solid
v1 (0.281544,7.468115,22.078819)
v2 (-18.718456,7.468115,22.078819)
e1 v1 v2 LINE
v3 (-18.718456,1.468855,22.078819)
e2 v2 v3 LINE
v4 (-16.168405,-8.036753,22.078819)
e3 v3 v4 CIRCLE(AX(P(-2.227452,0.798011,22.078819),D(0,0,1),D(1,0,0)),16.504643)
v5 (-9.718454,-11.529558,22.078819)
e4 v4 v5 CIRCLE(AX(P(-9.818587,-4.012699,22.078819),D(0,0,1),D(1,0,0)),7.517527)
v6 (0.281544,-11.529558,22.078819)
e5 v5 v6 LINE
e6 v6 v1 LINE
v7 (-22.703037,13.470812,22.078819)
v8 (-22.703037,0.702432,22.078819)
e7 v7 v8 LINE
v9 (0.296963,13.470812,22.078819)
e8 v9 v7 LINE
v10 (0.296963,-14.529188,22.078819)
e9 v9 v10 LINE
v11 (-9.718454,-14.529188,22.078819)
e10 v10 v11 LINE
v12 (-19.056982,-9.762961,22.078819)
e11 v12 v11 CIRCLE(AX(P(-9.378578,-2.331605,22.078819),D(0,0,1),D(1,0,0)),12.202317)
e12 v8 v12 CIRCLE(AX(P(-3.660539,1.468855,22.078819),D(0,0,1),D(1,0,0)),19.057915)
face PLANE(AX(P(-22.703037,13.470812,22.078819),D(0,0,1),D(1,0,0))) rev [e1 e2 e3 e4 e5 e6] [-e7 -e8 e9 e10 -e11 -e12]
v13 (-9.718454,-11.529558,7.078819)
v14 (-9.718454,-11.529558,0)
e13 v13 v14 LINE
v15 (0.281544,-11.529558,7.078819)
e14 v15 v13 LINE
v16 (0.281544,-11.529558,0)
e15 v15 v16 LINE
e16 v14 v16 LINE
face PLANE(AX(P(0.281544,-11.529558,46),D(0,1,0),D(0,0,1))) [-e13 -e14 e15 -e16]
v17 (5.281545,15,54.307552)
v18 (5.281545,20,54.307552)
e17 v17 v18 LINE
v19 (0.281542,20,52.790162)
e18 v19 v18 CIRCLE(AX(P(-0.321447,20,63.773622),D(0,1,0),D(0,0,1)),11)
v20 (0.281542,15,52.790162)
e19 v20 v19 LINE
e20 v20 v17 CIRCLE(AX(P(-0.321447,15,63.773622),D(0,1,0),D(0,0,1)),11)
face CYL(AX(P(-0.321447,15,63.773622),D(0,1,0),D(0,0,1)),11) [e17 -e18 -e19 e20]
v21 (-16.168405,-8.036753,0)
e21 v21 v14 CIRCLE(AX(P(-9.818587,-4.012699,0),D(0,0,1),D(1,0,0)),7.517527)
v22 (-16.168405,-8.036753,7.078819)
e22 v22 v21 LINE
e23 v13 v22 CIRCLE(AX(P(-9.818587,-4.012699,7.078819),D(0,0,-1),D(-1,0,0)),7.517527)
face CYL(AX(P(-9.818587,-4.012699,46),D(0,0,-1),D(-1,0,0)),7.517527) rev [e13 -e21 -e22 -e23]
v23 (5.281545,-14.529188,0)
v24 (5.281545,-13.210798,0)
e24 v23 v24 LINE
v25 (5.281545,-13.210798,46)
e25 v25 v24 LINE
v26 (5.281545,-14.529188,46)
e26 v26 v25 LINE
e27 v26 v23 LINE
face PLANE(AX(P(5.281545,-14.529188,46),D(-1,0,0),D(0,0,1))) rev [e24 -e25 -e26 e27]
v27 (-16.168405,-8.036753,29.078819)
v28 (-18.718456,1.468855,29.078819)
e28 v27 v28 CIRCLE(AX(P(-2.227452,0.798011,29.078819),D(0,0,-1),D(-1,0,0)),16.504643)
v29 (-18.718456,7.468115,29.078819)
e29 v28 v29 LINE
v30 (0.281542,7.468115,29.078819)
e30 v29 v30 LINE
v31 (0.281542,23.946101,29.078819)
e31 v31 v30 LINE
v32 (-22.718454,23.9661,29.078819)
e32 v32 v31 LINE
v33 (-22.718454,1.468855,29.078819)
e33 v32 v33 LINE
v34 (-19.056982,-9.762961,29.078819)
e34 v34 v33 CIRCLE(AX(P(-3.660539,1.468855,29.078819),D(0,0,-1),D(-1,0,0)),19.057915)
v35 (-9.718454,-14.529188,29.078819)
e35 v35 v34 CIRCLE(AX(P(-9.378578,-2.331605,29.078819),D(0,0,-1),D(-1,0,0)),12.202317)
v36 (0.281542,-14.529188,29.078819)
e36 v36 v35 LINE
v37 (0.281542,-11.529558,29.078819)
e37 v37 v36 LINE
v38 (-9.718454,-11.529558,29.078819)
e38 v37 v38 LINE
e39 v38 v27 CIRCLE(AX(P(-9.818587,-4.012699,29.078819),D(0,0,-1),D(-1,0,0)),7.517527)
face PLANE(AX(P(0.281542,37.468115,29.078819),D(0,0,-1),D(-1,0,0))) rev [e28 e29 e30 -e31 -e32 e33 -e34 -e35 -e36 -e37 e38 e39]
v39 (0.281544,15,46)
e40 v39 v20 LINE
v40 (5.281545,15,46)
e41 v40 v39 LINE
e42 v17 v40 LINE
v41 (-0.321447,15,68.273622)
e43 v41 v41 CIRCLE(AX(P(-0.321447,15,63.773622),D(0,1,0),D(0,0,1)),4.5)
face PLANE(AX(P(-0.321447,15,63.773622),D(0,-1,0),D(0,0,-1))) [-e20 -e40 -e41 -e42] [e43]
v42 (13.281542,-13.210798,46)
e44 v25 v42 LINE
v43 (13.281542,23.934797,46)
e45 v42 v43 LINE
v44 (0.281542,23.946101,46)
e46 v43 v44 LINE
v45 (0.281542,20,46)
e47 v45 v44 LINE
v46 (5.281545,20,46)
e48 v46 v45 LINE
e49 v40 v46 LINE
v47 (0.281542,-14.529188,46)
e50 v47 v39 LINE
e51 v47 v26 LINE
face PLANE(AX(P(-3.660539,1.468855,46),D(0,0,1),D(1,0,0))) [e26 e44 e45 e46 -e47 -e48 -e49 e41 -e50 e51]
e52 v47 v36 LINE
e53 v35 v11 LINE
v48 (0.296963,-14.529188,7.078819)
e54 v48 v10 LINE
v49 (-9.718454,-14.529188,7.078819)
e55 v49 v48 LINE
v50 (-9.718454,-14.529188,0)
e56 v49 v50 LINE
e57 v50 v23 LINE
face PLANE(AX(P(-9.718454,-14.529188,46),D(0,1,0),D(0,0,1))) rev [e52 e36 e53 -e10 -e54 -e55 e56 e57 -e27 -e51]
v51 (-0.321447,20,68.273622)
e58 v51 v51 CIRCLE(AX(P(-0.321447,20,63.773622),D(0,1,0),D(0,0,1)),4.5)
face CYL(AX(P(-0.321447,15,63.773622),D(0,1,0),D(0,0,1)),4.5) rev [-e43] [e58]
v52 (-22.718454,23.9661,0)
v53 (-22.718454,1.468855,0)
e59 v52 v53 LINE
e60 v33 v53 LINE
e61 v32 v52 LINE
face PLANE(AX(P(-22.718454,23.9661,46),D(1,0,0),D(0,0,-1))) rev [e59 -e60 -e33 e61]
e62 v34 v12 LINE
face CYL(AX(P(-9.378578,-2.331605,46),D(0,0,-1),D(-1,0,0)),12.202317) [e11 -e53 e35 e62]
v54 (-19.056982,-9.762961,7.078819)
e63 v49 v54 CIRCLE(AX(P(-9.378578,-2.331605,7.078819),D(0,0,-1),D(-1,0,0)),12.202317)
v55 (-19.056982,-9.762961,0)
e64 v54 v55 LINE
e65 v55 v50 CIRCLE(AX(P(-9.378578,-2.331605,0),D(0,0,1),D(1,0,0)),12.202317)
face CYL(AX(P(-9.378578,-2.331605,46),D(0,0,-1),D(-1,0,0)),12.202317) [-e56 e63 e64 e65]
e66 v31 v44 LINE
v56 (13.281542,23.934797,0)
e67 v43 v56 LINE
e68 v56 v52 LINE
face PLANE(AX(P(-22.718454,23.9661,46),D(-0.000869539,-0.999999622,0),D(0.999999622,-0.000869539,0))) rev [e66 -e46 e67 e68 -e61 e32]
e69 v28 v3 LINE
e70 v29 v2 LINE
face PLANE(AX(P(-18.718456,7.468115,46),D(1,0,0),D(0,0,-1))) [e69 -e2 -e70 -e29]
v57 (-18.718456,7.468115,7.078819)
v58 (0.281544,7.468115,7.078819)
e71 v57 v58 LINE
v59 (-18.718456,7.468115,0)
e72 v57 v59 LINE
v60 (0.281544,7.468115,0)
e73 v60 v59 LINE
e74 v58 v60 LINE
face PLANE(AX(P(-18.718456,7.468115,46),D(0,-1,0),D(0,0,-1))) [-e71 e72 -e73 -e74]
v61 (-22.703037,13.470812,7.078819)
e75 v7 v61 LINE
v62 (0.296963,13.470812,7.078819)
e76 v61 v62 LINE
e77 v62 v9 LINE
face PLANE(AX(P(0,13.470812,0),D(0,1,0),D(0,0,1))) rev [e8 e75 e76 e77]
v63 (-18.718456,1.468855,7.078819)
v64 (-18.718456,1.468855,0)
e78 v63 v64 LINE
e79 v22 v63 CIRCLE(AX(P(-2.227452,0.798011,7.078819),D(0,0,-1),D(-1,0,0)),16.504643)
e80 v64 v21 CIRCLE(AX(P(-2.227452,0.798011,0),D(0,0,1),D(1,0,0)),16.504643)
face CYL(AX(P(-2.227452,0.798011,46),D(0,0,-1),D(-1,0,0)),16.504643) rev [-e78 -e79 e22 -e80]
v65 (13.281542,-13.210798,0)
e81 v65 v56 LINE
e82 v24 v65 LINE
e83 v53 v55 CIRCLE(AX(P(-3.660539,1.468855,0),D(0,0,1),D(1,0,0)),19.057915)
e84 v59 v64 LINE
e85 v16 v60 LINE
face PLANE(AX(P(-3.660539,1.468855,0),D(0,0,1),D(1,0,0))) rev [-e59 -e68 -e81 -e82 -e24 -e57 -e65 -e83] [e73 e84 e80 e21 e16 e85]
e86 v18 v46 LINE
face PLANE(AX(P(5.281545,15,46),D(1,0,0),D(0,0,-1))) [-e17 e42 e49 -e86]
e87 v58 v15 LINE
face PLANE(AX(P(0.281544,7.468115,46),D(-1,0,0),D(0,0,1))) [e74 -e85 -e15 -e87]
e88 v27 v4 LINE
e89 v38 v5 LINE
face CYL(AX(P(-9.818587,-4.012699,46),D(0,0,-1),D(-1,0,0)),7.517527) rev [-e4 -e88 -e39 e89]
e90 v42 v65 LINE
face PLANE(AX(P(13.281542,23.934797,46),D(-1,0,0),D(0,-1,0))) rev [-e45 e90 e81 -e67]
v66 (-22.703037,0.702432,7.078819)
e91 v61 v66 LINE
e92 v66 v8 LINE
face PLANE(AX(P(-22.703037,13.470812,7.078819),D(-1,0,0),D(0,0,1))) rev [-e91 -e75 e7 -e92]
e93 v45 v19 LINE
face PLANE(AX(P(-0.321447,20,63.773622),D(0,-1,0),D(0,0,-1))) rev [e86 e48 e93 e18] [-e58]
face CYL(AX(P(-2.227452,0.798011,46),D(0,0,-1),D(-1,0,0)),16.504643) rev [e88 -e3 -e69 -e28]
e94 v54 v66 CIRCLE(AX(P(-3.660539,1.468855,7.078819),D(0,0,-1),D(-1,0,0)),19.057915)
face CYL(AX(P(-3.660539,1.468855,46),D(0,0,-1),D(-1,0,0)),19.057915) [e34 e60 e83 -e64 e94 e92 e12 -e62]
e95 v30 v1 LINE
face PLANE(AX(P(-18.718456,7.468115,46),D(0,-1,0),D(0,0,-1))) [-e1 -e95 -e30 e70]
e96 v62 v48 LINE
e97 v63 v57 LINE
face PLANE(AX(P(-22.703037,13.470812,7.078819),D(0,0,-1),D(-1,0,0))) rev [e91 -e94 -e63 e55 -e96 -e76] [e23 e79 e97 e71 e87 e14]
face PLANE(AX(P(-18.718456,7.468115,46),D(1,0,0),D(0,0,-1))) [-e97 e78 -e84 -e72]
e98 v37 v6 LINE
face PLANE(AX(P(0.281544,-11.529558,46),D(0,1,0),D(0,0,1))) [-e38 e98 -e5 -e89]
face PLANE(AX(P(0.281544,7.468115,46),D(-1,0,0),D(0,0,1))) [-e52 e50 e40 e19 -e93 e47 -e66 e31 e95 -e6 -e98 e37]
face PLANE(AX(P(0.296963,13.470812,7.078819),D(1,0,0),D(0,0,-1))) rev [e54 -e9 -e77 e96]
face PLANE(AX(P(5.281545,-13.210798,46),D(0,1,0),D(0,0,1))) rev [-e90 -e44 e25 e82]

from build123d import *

# Parameters (mm, degrees)
BOSS_EXTRUDE1_DEPTH     = 46
SKETCH3_W               = 23
SKETCH3_H               = 15
CUT_EXTRUDE2_DEPTH      = 28
CUT_EXTRUDE6_DEPTH      = 40
CUT_EXTRUDE6_DEPTH_BACK = 30
SKETCH10_W              = 22.999996183
SKETCH10_H              = 16.921181255
SKETCH7_R               = 11
SKETCH7_R_2             = 4.5
BOSS_EXTRUDE2_DEPTH     = 5
BOSS_EXTRUDE3_DEPTH     = 5


with BuildPart() as part:
    # Sketch1 → Boss-Extrude1 (new body)
    with BuildSketch(Plane.XY):
        with BuildLine():
            Line((-22.718454064, 23.966100395), (13.281542119, 23.93479699))
            Line((13.281542119, 23.93479699), (13.281542119, -13.210798183))
            Line((13.281542119, -13.210798183), (5.281545459, -13.210798183))
            Line((5.281545459, -13.210798183), (5.281545459, -14.529188453))
            Line((5.281545459, -14.529188453), (-9.718454064, -14.529188453))
            ThreePointArc((-9.718454064, -14.529188453), (-14.925713646, -13.200176165), (-19.056981743, -9.762960731))
            ThreePointArc((-19.056981743, -9.762960731), (-21.779979177, -4.437922335), (-22.718454064, 1.468854607))
            Line((-22.718454064, 1.468854607), (-22.718454064, 23.966100395))
        make_face()
        with BuildLine():
            Line((-18.718455971, 7.468114556), (0.281544029, 7.468114556))
            Line((0.281544029, 7.468114556), (0.281544029, -11.529558479))
            Line((0.281544029, -11.529558479), (-9.718454064, -11.529558479))
            ThreePointArc((-9.718454064, -11.529558479), (-13.398330557, -10.623193541), (-16.168405236, -8.036752998))
            ThreePointArc((-16.168405236, -8.036752998), (-18.168441603, -3.478446477), (-18.718455971, 1.468854607))
            Line((-18.718455971, 1.468854607), (-18.718455971, 7.468114556))
        make_face(mode=Mode.SUBTRACT)
    extrude(amount=BOSS_EXTRUDE1_DEPTH)

    # Sketch3 → Cut-Extrude2 (cut)
    with BuildSketch(Plane.XZ.offset(14.529188453)):
        with Locations((-11.2030368, 14.578818745)):
            Rectangle(SKETCH3_W, SKETCH3_H)
    extrude(amount=-CUT_EXTRUDE2_DEPTH, mode=Mode.SUBTRACT)

    # Sketch10 → Cut-Extrude6 (cut, two sides: drawn at the far end of the back side and taken through both)
    with BuildSketch(Plane(origin=(0, 7.468114556, 0), x_dir=(-1, 0, 0), z_dir=(0, -1, 0)).offset(-CUT_EXTRUDE6_DEPTH_BACK)):
        with Locations((11.218455973, -37.539409373)):
            Rectangle(SKETCH10_W, SKETCH10_H)
    extrude(amount=CUT_EXTRUDE6_DEPTH + CUT_EXTRUDE6_DEPTH_BACK, mode=Mode.SUBTRACT)



with BuildPart() as body_2:
    # Sketch7 → Boss-Extrude2 (new body)
    with BuildSketch(Plane(origin=(0, 20, 0), x_dir=(1, 0, 0), z_dir=(0, 1, 0))):
        with Locations(Location((-0.321447284, -63.773621976, 0), (0, 0, 270))):
            Circle(SKETCH7_R)
        with Locations(Location((-0.321447284, -63.773621976, 0), (0, 0, 270))):
            Circle(SKETCH7_R_2, mode=Mode.SUBTRACT)
    extrude(amount=-BOSS_EXTRUDE2_DEPTH)


with BuildPart() as part_1:
    add(part.part)

    add(body_2.part)  # Boss-Extrude3 merges body 2
    # Sketch12 → Boss-Extrude3 (add)
    with BuildSketch(Plane(origin=(0, 20, 0), x_dir=(1, 0, 0), z_dir=(0, 1, 0))):
        with BuildLine():
            Line((0.281542119, -46), (0.281542119, -52.790161511))
            ThreePointArc((0.281542119, -52.790161511), (2.872949751, -53.247662277), (5.281545459, -54.307552448))
            Line((5.281545459, -54.307552448), (5.281545459, -46))
            Line((5.281545459, -46), (0.281542119, -46))
        make_face()
    extrude(amount=-BOSS_EXTRUDE3_DEPTH)


solid = part_1.part
